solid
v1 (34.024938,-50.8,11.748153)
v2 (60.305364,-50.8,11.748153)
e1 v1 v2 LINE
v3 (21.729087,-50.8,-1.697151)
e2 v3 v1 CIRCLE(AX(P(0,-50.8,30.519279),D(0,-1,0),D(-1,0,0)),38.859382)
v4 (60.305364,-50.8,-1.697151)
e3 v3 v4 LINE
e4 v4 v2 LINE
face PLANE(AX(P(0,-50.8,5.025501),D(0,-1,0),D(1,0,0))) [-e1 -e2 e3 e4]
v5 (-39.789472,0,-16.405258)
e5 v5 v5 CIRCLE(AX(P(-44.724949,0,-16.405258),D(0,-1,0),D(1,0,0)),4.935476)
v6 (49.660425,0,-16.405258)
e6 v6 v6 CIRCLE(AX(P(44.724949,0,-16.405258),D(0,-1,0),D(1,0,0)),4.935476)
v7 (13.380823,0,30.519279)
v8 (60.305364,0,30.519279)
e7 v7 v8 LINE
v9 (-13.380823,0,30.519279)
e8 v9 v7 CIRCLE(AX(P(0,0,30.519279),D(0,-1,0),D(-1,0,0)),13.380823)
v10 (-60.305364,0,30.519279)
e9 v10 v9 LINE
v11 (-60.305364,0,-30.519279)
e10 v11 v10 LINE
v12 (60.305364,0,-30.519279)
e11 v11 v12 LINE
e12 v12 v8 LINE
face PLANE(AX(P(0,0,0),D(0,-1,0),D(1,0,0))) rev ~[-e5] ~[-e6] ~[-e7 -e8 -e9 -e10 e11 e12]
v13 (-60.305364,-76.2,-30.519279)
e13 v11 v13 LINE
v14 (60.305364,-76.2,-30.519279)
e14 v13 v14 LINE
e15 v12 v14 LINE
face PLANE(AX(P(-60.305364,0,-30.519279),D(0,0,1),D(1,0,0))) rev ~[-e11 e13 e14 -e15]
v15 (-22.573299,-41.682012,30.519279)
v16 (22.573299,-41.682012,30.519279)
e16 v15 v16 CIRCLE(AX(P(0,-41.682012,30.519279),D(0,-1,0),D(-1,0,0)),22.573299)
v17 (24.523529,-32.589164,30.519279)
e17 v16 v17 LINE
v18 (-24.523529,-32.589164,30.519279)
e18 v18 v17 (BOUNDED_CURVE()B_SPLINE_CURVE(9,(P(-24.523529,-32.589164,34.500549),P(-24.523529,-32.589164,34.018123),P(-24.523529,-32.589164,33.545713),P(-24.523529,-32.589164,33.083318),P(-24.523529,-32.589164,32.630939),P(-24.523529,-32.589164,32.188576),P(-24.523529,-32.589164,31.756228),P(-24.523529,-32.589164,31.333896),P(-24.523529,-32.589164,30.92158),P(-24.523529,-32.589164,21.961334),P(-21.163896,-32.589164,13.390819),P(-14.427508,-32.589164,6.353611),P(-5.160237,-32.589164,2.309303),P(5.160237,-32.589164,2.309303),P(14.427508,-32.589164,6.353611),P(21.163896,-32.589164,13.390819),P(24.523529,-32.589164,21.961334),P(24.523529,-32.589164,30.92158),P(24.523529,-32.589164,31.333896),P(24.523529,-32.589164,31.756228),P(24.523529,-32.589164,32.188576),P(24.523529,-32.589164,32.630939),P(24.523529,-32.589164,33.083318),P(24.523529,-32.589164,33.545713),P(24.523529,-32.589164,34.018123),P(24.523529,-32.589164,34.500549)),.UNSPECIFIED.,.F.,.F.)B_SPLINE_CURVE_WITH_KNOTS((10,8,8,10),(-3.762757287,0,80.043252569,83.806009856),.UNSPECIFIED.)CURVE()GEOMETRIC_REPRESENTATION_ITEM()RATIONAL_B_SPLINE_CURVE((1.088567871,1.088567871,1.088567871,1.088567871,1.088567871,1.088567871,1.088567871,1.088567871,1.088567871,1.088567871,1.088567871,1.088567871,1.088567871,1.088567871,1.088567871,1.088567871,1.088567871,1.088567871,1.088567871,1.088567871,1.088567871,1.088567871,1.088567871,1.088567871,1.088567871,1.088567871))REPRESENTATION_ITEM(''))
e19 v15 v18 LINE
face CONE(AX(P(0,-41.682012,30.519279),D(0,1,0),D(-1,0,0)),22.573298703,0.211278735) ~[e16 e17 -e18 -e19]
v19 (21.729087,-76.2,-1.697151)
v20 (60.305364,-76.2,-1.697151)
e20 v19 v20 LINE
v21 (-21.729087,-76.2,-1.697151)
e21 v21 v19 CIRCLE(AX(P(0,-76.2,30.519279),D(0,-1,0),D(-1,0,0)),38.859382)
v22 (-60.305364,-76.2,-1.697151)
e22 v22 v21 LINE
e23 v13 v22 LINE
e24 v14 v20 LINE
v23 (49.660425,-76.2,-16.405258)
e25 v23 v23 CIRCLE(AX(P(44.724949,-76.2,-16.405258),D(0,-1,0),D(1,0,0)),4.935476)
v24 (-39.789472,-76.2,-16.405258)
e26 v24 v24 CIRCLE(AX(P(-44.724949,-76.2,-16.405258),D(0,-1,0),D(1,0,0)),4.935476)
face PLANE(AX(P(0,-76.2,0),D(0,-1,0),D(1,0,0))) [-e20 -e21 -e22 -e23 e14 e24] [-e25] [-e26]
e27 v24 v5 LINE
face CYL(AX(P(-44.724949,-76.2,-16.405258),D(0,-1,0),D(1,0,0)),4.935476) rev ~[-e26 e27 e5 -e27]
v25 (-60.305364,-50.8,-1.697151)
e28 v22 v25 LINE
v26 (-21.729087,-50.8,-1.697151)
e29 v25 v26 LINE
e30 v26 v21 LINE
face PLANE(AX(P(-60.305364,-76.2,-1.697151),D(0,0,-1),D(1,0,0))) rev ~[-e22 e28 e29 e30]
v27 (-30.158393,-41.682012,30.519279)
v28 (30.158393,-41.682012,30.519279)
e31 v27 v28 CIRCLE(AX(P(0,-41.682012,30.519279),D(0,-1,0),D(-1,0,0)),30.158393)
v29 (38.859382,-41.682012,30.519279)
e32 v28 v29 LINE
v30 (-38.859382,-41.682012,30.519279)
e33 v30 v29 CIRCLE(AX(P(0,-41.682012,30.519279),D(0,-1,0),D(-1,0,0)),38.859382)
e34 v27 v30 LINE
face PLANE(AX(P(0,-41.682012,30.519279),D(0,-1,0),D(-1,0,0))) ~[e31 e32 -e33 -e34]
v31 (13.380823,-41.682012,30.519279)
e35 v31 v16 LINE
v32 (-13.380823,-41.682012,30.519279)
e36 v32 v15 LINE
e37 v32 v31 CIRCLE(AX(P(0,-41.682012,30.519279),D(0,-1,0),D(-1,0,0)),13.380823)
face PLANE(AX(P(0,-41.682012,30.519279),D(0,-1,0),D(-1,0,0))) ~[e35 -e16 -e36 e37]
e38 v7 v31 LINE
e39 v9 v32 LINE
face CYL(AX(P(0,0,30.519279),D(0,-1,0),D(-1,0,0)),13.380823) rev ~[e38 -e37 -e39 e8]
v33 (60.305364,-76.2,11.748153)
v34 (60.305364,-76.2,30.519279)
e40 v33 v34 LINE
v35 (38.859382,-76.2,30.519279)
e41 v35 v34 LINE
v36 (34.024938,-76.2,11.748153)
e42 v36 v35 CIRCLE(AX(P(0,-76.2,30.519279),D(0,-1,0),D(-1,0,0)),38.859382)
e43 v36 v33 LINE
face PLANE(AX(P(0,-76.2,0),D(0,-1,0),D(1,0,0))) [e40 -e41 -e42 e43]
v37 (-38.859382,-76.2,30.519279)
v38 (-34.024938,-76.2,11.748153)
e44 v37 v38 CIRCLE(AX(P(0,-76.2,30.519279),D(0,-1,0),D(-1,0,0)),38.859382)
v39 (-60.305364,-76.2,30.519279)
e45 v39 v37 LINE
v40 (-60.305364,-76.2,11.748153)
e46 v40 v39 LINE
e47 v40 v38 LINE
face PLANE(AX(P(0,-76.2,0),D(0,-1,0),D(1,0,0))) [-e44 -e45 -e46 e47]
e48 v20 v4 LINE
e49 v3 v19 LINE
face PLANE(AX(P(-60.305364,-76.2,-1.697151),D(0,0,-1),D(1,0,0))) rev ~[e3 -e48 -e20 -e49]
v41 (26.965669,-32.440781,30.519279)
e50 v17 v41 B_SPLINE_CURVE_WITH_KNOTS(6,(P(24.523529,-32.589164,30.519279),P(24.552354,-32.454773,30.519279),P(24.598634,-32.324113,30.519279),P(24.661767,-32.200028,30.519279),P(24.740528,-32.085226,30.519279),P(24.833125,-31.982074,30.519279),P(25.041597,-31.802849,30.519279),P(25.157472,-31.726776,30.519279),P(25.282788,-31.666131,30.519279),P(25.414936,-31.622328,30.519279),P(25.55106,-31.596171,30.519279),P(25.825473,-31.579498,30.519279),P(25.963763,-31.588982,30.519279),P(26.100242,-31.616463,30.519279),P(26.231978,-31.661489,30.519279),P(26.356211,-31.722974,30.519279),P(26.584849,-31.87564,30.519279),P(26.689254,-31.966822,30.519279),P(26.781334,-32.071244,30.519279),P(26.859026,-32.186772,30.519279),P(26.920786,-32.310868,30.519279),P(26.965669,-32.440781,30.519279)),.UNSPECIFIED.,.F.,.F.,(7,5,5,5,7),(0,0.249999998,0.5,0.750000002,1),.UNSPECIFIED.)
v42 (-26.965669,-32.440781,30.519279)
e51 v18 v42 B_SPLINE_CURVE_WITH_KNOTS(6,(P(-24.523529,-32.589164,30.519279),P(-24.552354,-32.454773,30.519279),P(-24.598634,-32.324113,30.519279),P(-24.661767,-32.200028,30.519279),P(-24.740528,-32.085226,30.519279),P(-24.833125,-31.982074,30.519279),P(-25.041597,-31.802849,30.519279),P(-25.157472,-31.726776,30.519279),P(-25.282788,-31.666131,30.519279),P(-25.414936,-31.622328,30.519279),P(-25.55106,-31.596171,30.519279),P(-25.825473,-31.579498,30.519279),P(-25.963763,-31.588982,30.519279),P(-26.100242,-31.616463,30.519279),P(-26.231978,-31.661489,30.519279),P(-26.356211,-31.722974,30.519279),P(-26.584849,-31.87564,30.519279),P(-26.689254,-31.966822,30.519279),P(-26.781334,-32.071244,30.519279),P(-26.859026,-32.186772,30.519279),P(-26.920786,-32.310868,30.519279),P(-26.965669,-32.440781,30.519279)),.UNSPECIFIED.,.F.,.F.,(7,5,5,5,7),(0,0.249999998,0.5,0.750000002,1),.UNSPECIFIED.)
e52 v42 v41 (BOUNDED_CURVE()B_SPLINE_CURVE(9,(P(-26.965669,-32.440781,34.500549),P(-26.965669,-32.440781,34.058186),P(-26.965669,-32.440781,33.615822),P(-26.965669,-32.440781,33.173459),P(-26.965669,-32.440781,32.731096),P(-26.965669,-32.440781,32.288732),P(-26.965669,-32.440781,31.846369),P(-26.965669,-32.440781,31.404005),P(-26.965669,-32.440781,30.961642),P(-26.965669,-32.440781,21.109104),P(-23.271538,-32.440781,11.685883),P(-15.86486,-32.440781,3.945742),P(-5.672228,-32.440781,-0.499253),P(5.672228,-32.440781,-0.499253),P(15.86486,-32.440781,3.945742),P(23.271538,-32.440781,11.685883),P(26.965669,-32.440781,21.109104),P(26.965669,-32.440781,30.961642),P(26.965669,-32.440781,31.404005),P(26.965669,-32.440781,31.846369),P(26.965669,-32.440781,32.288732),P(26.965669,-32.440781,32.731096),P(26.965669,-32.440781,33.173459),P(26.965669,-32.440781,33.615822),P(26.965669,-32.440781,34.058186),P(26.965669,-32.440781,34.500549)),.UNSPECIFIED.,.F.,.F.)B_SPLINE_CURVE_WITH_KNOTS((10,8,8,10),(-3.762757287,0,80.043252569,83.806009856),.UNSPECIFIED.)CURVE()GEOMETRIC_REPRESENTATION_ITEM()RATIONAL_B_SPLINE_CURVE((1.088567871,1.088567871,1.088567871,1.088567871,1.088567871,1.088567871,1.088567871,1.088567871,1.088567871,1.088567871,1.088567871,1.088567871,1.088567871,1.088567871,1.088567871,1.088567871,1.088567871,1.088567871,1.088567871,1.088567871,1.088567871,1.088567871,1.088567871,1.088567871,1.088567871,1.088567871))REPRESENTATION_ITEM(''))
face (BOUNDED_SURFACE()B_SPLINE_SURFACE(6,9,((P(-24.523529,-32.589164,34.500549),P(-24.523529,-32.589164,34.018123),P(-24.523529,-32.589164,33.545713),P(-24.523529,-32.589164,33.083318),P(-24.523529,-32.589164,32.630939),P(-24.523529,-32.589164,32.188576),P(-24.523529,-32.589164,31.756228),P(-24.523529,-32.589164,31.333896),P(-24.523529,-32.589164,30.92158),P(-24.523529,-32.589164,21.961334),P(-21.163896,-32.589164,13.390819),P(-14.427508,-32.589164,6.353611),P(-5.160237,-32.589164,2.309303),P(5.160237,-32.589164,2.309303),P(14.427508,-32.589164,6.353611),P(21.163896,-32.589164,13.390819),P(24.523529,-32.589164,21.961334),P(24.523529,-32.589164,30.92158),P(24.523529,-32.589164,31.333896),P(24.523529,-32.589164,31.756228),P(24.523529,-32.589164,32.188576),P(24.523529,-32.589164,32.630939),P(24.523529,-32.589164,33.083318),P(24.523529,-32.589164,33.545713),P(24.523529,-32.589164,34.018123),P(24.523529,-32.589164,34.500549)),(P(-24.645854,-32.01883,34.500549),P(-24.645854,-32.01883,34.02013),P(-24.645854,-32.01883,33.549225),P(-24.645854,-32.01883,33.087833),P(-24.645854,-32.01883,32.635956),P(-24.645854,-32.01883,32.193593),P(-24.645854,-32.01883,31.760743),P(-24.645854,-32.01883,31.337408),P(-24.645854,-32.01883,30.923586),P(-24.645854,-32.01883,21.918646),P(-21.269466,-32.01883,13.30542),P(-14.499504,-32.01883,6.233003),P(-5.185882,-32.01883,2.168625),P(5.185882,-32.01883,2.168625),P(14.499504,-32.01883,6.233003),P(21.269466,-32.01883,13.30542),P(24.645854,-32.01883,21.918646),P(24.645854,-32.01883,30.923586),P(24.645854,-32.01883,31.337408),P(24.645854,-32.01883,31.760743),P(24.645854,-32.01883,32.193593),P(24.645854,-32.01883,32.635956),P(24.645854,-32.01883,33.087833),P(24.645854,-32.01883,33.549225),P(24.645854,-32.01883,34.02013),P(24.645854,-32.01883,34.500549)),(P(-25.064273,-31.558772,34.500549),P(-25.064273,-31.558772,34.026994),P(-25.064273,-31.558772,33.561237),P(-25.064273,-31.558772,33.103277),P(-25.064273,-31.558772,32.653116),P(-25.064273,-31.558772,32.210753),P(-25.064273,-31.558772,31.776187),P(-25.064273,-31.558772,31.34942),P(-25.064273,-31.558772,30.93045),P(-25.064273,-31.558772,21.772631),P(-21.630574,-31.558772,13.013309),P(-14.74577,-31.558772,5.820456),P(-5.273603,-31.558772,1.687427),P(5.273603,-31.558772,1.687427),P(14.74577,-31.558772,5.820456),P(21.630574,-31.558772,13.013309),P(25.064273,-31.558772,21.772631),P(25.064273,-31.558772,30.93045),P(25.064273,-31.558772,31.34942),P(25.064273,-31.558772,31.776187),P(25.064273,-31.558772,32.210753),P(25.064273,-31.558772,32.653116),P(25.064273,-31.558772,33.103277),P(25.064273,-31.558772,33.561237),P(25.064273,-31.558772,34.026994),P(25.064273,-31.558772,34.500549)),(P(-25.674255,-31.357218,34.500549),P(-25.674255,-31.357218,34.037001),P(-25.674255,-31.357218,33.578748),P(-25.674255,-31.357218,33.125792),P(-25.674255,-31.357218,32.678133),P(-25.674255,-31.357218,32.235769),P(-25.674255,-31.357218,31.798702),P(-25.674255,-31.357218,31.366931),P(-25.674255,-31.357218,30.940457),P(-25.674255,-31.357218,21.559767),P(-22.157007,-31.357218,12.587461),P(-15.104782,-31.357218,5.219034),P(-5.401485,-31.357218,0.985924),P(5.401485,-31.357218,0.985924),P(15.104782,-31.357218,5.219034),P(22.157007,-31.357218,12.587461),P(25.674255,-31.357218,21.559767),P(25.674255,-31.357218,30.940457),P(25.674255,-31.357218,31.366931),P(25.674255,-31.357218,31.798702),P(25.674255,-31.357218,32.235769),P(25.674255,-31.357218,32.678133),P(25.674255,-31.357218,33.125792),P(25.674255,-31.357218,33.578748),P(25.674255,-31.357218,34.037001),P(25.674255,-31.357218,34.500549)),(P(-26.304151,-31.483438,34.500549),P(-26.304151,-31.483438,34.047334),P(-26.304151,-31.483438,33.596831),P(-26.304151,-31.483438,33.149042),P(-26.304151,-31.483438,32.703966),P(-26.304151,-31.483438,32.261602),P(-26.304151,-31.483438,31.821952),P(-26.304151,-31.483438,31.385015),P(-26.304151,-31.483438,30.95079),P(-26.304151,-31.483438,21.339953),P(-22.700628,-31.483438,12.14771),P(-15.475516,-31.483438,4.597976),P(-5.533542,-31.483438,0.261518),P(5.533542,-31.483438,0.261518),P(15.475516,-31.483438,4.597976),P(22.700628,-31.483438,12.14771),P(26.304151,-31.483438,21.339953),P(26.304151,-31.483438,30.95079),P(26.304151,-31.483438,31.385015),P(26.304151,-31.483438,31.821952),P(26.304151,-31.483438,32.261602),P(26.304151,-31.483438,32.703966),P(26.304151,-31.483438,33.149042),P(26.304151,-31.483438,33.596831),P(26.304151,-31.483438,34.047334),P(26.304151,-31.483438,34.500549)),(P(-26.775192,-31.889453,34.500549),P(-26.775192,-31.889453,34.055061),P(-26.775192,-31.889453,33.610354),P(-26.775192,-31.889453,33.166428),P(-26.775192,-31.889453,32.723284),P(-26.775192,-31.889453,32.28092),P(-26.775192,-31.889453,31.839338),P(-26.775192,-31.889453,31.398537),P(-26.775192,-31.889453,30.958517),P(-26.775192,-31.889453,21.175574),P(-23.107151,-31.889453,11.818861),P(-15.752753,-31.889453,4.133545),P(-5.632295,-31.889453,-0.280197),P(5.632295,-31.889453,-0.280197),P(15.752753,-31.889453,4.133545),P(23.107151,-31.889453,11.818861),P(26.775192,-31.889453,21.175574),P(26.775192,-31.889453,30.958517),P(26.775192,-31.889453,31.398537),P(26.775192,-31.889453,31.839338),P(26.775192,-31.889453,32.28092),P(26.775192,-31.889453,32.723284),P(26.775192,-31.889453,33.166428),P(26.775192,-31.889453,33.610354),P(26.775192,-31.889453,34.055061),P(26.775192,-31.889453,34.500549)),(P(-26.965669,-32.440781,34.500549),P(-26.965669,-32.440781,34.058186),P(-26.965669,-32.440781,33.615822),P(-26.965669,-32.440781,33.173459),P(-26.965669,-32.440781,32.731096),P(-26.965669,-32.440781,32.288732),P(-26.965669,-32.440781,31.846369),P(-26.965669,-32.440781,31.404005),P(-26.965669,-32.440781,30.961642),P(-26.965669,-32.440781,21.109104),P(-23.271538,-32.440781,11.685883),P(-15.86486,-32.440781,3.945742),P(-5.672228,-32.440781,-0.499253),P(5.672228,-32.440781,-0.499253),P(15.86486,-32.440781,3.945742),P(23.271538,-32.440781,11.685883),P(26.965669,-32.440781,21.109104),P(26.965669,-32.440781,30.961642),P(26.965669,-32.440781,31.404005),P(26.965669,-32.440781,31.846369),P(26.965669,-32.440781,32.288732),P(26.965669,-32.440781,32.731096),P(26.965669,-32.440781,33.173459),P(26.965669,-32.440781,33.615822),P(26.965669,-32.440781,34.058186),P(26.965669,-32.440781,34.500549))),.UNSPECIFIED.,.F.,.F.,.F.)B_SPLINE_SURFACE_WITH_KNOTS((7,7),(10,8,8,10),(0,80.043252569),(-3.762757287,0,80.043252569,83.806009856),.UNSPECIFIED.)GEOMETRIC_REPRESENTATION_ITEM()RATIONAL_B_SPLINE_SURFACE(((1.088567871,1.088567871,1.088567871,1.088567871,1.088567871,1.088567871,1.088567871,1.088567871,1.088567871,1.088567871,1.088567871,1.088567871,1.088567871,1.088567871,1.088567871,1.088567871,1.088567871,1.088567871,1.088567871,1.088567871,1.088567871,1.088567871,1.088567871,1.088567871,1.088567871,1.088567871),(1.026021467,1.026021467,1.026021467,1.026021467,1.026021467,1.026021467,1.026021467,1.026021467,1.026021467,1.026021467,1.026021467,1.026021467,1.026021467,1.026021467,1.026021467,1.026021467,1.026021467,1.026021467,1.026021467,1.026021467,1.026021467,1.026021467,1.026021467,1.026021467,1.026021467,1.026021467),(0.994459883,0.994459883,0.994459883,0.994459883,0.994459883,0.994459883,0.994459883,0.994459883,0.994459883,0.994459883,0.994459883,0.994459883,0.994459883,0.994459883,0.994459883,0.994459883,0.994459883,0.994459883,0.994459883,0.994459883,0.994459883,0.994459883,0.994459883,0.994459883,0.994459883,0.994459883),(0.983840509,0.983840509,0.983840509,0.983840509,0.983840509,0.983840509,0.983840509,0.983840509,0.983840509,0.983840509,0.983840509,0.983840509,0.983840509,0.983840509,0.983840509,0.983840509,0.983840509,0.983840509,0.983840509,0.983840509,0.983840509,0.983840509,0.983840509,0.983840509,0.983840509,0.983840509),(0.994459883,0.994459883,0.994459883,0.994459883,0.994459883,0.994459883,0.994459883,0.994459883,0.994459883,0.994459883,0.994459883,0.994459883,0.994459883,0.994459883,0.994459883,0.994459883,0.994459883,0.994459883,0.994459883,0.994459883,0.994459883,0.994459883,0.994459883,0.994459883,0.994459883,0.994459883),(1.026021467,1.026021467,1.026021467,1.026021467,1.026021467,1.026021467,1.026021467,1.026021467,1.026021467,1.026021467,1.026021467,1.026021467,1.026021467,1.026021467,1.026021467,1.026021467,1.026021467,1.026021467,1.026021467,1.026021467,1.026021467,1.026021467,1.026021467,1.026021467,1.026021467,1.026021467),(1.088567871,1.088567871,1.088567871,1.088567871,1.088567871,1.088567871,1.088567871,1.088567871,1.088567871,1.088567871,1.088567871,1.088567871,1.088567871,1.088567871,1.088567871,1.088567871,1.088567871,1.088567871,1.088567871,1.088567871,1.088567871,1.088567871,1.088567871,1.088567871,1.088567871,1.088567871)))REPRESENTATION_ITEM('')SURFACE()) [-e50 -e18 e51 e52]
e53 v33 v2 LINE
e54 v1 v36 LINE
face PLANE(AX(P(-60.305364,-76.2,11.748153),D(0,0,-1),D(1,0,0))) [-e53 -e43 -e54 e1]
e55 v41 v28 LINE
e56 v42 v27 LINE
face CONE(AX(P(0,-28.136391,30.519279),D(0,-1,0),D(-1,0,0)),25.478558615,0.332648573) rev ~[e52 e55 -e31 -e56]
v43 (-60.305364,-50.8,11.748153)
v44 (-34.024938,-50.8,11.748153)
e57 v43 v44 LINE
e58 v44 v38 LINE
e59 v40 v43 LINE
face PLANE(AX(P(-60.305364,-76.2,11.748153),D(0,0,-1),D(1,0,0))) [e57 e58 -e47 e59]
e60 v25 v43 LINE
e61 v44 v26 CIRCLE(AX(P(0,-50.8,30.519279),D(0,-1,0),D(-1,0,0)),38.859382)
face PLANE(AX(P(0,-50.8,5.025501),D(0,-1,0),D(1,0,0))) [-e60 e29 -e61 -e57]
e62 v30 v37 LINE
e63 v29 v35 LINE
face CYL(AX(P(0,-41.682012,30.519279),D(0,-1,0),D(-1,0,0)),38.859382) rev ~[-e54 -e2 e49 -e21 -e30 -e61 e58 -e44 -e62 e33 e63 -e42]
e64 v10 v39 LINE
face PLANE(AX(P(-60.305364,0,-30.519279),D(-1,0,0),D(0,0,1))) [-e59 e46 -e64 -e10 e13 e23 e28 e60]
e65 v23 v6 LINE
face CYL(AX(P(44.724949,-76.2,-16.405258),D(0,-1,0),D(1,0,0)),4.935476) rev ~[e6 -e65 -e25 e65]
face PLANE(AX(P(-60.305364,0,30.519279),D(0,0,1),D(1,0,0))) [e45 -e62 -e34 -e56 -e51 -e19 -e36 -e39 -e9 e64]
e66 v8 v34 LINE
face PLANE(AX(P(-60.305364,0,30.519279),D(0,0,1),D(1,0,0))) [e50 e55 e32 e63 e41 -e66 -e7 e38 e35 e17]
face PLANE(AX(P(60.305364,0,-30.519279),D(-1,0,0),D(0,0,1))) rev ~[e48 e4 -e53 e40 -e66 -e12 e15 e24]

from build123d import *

# Parameters (mm, degrees)
F0_W     = 120.6107288599
F0_H     = 61.03855744
F1_DEPTH = 76.2
F3_ANGLE = 180
F4_W     = 120.6107288599
F4_H     = 13.4453041246
F5_DEPTH = 25.4
F6_R     = 1.27
F7_R     = 4.935476451
F8_DEPTH = 76.2


with BuildPart() as f1:
    # F0 (on Front) → F1 (new body)
    with BuildSketch(Plane.XZ):
        Rectangle(F0_W, F0_H)
    extrude(amount=F1_DEPTH)

    # F2 (on face) → F3 (revolve, cut)
    with BuildSketch(Plane.XY.offset(30.51927872)):
        Polygon((0, -76.2), (0, 0), (-13.3808227256, 0), (-13.3808227256, -41.6820123792), (-22.573298703, -41.6820123792), (-25.4785586149, -28.1363911927), (-30.1583929265, -41.6820123792), (-38.8593822718, -41.6820123792), (-38.8593822718, -76.2), align=None)
    revolve(axis=Axis((0, -30.7025797665, 30.51927872), (0, -1, 0)), revolution_arc=F3_ANGLE, mode=Mode.SUBTRACT)

    # F4 (on face) → F5 (cut)
    with BuildSketch(Plane.XZ.offset(76.2)):
        with Locations((0, 5.0255007227)):
            Rectangle(F4_W, F4_H)
    extrude(amount=-F5_DEPTH, mode=Mode.SUBTRACT)

    # F6
    f6_edges = [f1.edges().sort_by_distance(p)[0] for p in [
        (0, -28.136391, 5.04072),
    ]]
    fillet(f6_edges, radius=F6_R)

    # F7 (on face) → F8 (cut)
    with BuildSketch(Plane.XZ.offset(76.2)):
        with Locations((-44.7249487042, -16.4052583277)):
            Circle(F7_R)
        with Locations((44.7249487042, -16.4052583277)):
            Circle(F7_R)
    extrude(amount=-F8_DEPTH, mode=Mode.SUBTRACT)


solid = f1.part
